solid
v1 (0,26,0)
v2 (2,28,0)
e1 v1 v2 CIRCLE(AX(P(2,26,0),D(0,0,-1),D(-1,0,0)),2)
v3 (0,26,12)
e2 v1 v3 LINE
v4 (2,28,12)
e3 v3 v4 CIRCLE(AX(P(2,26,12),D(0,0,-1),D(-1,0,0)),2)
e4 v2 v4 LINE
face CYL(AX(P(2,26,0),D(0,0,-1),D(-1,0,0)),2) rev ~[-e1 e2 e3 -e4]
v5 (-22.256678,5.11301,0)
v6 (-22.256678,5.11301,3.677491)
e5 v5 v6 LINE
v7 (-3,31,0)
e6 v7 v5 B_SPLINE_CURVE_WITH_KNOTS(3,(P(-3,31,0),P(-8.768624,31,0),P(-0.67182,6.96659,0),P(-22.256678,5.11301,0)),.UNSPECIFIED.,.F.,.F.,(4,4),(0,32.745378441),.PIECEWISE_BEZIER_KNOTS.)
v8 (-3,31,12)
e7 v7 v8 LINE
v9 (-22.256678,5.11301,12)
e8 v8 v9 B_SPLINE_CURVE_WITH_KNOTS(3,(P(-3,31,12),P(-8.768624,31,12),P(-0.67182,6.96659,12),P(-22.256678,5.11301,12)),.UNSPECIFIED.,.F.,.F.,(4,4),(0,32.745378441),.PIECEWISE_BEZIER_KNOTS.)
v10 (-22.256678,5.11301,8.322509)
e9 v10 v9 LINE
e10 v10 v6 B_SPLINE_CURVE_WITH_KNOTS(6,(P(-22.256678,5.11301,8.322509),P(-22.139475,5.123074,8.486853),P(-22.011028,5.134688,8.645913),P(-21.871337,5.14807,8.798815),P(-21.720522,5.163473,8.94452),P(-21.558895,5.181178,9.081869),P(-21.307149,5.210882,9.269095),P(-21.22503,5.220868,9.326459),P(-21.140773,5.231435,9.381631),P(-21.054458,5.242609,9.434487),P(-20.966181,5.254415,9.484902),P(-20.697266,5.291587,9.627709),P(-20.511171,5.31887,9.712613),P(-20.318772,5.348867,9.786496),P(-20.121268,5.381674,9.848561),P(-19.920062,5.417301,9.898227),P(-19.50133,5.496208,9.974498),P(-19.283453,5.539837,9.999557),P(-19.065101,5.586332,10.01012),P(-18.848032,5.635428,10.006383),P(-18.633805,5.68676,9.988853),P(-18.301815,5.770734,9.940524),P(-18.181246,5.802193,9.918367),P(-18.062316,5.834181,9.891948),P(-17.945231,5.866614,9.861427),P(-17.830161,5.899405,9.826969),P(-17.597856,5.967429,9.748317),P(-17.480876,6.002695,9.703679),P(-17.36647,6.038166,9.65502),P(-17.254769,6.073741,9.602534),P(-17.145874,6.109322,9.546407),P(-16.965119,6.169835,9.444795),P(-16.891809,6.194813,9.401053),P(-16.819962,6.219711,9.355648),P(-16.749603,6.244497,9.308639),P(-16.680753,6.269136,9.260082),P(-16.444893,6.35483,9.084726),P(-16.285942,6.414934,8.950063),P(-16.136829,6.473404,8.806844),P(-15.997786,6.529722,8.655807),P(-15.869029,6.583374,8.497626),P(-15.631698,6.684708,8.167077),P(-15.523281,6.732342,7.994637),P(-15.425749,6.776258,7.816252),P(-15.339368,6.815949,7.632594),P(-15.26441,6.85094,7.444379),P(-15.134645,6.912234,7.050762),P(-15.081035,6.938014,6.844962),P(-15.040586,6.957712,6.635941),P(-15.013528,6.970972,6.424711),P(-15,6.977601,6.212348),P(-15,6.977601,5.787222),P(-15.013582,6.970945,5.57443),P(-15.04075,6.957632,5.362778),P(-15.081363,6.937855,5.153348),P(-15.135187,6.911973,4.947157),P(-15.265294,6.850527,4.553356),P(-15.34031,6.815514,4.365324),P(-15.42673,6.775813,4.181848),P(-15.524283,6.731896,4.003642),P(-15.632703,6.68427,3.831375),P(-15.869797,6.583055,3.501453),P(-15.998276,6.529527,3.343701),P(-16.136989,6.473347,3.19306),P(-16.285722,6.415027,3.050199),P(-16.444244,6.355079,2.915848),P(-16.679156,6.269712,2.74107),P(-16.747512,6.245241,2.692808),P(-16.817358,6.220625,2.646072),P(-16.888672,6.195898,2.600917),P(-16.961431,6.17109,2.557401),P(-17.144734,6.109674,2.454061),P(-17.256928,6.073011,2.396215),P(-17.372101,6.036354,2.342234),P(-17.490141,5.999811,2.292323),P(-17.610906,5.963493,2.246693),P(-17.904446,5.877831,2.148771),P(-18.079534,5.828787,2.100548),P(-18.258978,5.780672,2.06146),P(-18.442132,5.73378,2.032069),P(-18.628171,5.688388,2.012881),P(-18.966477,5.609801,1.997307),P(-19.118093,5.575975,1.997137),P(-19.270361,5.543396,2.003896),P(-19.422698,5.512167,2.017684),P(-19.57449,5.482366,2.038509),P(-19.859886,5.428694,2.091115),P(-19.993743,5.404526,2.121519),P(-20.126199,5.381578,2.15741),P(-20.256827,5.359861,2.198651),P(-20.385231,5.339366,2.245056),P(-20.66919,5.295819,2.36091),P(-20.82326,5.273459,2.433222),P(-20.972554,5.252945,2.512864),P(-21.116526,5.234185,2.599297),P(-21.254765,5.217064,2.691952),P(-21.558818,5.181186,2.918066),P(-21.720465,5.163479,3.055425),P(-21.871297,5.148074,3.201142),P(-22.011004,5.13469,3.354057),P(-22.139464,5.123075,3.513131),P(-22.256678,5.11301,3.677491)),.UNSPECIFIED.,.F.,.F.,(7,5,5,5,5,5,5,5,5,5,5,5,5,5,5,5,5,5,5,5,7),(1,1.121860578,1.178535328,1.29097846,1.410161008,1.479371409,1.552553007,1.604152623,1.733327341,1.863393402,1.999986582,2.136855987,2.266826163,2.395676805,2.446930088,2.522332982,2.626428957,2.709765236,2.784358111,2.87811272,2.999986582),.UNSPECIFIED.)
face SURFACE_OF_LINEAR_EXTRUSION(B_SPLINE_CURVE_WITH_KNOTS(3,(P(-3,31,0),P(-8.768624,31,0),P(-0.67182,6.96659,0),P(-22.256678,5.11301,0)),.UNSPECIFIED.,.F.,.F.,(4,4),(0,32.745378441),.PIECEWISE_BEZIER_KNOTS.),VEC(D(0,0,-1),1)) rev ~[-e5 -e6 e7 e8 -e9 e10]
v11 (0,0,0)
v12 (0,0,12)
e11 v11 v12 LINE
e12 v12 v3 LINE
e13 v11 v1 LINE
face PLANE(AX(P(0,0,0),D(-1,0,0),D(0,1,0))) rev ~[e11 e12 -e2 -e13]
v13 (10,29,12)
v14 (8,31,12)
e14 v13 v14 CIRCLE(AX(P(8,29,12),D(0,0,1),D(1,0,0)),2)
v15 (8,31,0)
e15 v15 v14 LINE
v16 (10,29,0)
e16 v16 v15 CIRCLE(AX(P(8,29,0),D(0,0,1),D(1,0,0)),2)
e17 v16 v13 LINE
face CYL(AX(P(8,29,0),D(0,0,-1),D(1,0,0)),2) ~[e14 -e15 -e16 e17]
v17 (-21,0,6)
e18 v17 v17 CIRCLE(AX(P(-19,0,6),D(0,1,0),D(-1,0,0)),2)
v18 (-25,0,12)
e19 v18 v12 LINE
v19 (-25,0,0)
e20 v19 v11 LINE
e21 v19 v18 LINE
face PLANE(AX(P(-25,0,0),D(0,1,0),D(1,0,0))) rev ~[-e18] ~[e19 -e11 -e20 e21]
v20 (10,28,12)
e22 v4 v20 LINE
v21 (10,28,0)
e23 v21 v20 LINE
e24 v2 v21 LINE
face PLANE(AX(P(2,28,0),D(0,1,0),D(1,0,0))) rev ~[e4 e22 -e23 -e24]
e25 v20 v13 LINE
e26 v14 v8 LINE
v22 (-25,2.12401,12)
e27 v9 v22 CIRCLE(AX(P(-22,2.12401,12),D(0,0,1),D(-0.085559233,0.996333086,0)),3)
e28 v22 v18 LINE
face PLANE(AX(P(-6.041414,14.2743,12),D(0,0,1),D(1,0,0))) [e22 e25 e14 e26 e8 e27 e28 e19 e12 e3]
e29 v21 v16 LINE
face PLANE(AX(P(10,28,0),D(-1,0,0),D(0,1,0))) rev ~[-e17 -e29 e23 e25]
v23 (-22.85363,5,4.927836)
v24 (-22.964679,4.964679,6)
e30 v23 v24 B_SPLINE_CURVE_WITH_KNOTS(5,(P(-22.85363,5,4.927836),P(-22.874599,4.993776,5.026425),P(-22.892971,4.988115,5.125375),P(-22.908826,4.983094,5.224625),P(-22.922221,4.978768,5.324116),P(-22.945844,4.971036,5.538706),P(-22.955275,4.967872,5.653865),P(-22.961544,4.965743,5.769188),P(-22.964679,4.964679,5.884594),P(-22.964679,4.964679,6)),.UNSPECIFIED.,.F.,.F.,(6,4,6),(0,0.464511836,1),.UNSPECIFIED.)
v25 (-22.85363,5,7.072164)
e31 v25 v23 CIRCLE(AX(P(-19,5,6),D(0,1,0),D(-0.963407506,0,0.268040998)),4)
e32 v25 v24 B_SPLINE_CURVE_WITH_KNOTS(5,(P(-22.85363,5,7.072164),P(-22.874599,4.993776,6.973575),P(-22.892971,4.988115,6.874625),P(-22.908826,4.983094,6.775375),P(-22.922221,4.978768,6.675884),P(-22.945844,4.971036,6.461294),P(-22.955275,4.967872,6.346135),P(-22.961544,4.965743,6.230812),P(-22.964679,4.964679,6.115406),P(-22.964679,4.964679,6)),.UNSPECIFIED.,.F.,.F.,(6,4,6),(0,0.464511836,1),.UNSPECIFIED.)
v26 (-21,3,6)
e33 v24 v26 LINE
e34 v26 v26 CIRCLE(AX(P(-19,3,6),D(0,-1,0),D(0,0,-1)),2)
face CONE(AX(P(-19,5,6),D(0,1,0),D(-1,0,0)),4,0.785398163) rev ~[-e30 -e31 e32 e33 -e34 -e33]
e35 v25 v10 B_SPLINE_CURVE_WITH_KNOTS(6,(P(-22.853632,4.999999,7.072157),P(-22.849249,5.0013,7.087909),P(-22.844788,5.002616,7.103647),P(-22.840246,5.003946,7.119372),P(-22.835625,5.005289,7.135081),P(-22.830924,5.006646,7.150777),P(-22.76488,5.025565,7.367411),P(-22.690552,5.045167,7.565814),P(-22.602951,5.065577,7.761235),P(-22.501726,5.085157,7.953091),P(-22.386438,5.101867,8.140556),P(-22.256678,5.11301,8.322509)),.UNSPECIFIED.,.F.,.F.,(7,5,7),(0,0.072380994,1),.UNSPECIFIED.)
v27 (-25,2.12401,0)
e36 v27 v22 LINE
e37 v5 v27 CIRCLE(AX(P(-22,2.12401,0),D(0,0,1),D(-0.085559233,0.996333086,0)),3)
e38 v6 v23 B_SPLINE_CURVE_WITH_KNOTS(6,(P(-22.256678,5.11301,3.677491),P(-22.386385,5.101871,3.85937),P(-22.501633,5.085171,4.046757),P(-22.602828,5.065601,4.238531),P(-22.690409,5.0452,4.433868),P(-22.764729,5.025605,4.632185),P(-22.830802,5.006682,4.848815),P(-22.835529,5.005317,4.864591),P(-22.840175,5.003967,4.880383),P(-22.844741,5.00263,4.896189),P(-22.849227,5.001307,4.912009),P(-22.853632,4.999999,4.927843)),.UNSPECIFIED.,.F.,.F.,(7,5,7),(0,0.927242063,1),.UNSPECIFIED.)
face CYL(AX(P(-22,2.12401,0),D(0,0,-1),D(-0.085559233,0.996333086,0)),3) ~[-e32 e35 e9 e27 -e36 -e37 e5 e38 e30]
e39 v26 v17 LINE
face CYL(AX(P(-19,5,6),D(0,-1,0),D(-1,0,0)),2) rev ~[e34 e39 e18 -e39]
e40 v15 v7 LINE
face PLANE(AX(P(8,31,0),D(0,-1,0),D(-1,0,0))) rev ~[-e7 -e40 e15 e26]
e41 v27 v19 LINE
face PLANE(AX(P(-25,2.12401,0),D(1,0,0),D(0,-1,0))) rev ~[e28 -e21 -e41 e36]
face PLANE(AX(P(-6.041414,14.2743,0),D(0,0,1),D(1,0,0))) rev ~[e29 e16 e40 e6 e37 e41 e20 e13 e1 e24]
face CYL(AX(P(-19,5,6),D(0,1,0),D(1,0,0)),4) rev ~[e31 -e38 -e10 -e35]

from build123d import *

# Parameters (mm, degrees)
F1_DEPTH       = 12
F4_D           = 4
F4_DEPTH       = 5
F4_CSINK_D     = 8
F4_CSINK_ANGLE = 90
F4_TIP         = 1.2017212381
F3_R           = 4
F5_DEPTH       = 26.0010001


with BuildPart() as f1:
    # F0 (on Top) → F1 (new body)
    with BuildSketch(Plane.XY):
        with BuildLine():
            Line((-25, 0), (0, 0))
            Line((0, 0), (0, 26))
            ThreePointArc((0, 26), (0.5857864376, 27.4142135624), (2, 28))
            Line((2, 28), (10, 28))
            Line((10, 28), (10, 29))
            ThreePointArc((10, 29), (9.4142135624, 30.4142135624), (8, 31))
            Line((8, 31), (-3, 31))
            add(Edge.make_bspline(
                [(-3, 31), (-8.7686244949, 31), (-0.6718204217, 6.9665904818), (-22.256677699, 5.1130097266)],
                knots=[0, 0, 0, 0, 32.7453784414, 32.7453784414, 32.7453784414, 32.7453784414], degree=3))
            ThreePointArc((-22.256677699, 5.1130097266), (-24.2102073542, 4.1525526681), (-25, 2.1240104696))
            Line((-25, 2.1240104696), (-25, 0))
        make_face()
    extrude(amount=F1_DEPTH)

    # F4
    with Locations(Plane(origin=(0, 5, 0), x_dir=(1, 0, 0), z_dir=(0, 1, 0))):
        with Locations((-19, -6)):
            CounterSinkHole(F4_D / 2, F4_CSINK_D / 2, depth=F4_DEPTH, counter_sink_angle=F4_CSINK_ANGLE)
            with Locations((0, 0, -(F4_DEPTH + F4_TIP / 2))):  # 118° drill point
                Cone(0, F4_D / 2, F4_TIP, mode=Mode.SUBTRACT)

    # F3 (on offset) → F5 (cut, through all)
    with BuildSketch(Plane.XZ.offset(-5)):
        with Locations((-19, 6)):
            Circle(F3_R)
    extrude(amount=-F5_DEPTH, mode=Mode.SUBTRACT)


solid = f1.part
